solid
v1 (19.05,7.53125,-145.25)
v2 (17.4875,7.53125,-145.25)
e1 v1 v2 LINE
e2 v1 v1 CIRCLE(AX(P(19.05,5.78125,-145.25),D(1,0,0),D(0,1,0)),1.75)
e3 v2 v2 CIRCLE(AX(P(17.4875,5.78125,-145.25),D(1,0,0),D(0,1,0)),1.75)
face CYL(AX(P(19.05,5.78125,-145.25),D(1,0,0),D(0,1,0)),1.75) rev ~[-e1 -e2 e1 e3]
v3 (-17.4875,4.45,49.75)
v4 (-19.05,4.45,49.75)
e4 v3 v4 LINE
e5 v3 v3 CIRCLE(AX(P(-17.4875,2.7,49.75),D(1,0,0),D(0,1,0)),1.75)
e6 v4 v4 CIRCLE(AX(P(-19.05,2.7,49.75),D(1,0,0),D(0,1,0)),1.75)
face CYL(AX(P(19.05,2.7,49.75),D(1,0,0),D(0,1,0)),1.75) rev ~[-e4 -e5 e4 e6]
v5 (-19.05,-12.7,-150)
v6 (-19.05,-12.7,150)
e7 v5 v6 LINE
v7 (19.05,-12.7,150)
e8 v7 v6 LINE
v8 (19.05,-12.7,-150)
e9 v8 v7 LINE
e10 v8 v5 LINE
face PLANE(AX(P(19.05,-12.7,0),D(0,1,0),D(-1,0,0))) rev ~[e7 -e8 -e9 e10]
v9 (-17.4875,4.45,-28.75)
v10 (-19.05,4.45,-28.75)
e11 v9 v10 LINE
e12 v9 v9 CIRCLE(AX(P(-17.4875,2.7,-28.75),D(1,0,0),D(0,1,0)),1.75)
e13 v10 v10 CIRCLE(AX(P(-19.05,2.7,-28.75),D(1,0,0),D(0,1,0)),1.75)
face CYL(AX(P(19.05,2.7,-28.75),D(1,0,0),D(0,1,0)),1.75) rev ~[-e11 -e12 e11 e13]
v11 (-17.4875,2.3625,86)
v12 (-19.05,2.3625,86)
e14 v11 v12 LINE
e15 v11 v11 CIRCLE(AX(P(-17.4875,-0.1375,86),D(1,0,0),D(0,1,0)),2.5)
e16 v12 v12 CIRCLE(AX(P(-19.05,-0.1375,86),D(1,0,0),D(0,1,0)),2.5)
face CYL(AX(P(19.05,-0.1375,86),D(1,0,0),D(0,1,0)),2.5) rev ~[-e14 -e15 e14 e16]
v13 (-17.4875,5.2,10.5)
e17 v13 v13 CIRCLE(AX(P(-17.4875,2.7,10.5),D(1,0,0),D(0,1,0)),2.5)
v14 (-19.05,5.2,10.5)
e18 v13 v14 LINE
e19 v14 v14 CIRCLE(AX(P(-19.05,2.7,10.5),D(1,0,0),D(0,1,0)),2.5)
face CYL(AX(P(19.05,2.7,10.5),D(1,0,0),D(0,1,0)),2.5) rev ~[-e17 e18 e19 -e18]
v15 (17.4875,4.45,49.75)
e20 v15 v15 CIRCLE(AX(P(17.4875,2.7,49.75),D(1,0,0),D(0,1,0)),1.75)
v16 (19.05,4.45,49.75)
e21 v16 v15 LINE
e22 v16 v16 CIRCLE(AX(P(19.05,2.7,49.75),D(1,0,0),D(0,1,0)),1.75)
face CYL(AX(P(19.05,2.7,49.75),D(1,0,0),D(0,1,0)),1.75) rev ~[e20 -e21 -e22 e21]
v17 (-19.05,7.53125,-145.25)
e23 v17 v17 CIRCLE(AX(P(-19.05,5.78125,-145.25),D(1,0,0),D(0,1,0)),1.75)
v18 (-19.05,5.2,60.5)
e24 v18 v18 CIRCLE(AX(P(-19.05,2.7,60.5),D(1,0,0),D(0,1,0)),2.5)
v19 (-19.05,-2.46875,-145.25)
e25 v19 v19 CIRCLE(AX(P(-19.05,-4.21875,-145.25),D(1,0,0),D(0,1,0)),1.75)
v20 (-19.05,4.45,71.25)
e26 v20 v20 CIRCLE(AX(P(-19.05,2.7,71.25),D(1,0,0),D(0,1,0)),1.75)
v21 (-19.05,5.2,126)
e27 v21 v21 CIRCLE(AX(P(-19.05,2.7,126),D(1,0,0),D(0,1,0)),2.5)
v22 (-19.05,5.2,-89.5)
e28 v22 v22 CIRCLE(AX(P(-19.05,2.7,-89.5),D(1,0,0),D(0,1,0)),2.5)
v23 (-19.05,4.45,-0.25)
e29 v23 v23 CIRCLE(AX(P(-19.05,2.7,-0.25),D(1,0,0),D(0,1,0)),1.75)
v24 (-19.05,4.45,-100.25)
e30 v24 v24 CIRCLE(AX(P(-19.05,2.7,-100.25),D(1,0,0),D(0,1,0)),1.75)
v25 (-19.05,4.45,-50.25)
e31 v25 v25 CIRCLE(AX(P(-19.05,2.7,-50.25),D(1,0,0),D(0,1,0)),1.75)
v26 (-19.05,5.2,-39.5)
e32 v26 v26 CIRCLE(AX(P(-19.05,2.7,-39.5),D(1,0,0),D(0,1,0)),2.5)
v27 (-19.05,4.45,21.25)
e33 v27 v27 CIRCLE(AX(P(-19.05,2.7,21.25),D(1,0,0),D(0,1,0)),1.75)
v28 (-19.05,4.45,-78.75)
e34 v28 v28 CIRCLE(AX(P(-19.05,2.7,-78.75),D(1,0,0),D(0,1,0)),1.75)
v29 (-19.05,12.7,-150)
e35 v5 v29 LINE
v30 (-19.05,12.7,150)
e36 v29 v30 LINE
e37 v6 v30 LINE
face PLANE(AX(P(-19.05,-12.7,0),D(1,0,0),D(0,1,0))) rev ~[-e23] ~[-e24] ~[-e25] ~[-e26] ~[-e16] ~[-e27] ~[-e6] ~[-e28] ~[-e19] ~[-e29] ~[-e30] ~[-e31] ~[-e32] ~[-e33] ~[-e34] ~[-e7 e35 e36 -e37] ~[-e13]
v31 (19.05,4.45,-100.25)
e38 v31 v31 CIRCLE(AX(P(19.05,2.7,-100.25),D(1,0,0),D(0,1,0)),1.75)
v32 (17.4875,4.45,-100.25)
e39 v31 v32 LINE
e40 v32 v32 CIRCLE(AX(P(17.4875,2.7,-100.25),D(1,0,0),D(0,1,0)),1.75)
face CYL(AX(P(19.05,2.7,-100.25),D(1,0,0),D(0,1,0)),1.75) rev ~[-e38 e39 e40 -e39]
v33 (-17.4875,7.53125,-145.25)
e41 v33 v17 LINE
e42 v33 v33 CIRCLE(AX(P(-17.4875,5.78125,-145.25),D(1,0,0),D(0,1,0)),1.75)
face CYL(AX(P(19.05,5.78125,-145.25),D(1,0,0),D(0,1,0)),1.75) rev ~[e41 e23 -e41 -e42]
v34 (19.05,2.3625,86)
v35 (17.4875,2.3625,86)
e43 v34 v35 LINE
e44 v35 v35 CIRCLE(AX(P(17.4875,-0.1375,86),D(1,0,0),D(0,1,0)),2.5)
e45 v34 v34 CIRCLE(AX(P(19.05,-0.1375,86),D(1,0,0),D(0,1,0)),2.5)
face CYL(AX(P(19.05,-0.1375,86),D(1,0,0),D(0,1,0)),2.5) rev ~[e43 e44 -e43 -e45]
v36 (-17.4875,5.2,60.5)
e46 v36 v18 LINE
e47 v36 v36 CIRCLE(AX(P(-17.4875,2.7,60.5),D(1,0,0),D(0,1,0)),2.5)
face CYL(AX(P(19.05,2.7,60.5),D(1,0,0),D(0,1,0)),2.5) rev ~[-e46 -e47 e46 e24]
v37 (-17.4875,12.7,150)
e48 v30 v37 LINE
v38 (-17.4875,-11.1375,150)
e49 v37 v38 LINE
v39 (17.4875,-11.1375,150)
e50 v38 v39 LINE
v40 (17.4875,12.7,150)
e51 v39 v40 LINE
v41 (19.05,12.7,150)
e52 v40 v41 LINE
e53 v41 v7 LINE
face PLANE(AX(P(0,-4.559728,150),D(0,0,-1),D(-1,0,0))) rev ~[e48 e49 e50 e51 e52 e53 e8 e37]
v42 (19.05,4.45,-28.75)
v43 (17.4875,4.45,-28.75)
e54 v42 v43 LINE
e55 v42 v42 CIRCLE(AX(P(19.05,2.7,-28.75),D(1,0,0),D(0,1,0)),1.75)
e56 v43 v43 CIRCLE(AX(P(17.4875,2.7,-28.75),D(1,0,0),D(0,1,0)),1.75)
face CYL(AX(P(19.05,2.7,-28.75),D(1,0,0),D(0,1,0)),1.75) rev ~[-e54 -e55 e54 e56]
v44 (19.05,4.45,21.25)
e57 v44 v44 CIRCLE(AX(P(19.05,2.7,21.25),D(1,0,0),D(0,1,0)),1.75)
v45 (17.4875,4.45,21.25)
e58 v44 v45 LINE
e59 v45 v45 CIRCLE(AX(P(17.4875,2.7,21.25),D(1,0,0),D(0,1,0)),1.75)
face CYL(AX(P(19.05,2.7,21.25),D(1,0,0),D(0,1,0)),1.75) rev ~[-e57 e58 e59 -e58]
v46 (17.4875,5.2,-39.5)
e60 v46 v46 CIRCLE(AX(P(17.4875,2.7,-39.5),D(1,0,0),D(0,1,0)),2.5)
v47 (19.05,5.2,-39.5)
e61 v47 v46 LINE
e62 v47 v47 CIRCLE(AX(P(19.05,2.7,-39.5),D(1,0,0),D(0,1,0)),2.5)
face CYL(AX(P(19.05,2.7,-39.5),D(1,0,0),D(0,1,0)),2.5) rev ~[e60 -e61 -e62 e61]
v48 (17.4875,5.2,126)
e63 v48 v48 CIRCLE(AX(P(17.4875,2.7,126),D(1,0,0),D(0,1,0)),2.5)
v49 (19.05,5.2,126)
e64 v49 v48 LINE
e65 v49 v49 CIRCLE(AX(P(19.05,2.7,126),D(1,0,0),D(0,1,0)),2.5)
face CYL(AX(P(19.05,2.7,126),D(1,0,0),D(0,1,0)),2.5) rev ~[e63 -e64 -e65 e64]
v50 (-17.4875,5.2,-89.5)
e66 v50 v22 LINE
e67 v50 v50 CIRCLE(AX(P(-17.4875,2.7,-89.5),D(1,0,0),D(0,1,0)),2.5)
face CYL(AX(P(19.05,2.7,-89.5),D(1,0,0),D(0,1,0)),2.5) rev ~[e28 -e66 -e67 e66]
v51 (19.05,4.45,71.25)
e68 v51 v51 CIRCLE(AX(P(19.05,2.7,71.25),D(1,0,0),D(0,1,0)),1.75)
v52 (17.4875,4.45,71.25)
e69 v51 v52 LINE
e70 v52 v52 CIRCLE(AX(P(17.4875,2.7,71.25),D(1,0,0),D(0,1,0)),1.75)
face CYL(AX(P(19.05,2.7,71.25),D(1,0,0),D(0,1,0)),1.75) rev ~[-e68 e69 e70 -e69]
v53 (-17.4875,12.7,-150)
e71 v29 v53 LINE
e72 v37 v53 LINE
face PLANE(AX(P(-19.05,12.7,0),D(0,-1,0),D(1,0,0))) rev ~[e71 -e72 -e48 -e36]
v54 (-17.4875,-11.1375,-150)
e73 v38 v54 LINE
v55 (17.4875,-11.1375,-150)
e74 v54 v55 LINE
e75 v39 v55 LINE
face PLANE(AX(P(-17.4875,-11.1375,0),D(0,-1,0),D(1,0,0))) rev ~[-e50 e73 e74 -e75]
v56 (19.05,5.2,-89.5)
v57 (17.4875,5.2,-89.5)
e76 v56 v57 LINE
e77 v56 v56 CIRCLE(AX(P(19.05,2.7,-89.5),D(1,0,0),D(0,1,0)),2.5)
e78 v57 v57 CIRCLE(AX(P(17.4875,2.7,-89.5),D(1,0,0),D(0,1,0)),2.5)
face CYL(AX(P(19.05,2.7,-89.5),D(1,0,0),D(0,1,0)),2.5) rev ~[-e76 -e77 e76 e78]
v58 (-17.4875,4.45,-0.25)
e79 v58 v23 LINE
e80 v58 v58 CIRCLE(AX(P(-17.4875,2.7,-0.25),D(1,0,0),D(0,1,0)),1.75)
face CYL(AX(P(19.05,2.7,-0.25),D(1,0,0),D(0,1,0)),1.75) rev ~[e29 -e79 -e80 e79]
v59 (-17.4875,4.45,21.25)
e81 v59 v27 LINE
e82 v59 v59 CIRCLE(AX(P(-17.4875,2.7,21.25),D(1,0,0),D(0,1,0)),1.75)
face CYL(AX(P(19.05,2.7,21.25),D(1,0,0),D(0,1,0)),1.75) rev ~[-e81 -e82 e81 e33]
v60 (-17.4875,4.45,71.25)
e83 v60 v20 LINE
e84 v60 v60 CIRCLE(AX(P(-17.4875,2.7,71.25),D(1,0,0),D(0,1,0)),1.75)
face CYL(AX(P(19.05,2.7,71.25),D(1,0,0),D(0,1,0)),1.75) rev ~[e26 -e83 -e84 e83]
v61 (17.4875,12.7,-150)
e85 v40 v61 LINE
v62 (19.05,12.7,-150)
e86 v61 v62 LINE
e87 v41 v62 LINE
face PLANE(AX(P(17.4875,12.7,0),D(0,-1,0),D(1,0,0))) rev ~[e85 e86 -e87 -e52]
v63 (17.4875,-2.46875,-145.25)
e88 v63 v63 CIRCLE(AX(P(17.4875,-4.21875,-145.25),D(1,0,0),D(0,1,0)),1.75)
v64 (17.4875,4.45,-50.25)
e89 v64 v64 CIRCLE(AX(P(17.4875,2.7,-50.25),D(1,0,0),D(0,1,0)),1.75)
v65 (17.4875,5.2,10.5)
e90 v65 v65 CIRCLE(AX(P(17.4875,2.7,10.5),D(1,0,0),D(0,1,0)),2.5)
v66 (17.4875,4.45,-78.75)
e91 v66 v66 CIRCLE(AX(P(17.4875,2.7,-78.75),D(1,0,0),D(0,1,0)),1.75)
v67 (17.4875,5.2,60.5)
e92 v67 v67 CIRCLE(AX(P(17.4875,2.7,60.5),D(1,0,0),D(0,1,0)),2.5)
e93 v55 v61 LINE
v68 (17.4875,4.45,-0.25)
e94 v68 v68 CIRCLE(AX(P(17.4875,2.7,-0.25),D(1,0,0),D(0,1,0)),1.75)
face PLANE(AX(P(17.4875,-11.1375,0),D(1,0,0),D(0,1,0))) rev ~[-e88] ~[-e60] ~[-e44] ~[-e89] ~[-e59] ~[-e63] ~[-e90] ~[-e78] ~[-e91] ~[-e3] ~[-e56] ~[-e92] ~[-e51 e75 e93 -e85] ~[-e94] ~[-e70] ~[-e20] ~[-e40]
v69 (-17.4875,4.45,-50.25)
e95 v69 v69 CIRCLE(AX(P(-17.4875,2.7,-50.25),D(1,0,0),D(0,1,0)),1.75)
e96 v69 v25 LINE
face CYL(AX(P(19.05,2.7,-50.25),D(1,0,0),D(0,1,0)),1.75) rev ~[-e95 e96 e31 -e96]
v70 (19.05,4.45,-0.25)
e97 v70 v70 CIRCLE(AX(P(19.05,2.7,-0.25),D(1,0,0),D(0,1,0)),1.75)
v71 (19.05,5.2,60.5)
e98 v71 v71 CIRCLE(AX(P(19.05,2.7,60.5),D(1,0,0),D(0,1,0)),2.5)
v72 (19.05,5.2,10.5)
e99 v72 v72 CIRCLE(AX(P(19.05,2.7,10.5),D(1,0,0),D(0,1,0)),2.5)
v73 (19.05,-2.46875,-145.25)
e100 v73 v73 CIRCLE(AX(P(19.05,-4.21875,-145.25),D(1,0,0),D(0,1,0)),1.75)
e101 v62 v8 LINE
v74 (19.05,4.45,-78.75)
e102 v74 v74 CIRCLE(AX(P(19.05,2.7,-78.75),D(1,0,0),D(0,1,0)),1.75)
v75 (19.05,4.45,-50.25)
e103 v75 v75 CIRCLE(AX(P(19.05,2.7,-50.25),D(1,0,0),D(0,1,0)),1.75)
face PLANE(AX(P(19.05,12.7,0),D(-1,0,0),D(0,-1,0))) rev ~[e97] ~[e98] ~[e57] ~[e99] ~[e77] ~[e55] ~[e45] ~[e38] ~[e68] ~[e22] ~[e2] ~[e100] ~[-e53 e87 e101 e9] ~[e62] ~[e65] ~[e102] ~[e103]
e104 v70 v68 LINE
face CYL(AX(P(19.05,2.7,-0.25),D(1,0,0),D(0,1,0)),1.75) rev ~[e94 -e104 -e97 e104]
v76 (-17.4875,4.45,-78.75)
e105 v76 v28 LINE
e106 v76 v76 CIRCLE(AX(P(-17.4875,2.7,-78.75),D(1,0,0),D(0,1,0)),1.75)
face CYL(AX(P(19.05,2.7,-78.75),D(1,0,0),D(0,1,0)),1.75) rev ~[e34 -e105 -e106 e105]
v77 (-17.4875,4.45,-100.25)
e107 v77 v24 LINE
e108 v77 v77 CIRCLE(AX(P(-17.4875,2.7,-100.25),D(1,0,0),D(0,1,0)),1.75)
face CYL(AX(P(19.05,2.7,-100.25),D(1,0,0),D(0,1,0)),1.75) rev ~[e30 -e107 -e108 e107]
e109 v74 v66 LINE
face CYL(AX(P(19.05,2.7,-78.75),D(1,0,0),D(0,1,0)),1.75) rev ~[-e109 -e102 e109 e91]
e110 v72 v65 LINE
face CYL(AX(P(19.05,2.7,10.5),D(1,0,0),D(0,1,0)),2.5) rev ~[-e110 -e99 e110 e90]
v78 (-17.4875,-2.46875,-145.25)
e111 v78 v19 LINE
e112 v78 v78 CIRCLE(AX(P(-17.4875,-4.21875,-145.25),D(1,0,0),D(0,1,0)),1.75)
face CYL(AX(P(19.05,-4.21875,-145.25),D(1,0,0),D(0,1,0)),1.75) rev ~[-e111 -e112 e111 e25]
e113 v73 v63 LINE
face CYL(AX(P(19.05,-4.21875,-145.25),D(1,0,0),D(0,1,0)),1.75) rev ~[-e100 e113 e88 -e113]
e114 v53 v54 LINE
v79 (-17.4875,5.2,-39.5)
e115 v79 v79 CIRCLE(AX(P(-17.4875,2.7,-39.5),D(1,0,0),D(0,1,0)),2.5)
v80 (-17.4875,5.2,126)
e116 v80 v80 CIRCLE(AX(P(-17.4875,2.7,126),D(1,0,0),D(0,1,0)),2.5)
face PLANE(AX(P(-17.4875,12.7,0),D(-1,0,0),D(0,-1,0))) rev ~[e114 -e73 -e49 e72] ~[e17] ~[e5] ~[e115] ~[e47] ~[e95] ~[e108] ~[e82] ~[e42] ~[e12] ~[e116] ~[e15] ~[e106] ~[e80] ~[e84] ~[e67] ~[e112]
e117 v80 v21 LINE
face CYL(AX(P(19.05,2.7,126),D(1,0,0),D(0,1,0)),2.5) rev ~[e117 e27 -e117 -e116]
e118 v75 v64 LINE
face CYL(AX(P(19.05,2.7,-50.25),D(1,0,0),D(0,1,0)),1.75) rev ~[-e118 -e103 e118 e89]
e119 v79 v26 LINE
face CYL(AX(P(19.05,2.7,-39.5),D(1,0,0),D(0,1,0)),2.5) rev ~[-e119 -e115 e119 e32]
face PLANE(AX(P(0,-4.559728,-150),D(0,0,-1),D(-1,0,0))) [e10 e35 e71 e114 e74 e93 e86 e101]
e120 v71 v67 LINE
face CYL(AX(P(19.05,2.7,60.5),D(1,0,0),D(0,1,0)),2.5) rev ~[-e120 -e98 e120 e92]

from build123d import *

# Parameters (mm, degrees)
BOSS_EXTRUDE1_DEPTH = 150
SKETCH2_R           = 1.75
SKETCH2_R_2         = 2.5
CUT_EXTRUDE1_DEPTH  = 156.283289507


with BuildPart() as part:
    # Sketch1 → Boss-Extrude1 (new, symmetric)
    with BuildSketch(Plane.XY):
        Polygon((-19.05, 12.7), (-17.4875, 12.7), (-17.4875, -11.1375), (17.4875, -11.1375), (17.4875, 12.7), (19.05, 12.7), (19.05, -12.7), (-19.05, -12.7), align=None)
    extrude(amount=BOSS_EXTRUDE1_DEPTH, both=True)

    # Sketch2 → Cut-Extrude1 (cut, through all)
    with BuildSketch(Plane(origin=(19.05, 0, 0), x_dir=(0, 0, -1), z_dir=(1, 0, 0))):
        with Locations(Location((145.25, 5.78125, 0), (0, 0, 90))):
            Circle(SKETCH2_R)
        with Locations(Location((145.25, -4.21875, 0), (0, 0, 90))):
            Circle(SKETCH2_R)
        with Locations(Location((-86, -0.1375, 0), (0, 0, 90))):
            Circle(SKETCH2_R_2)
        with Locations(Location((-126, 2.7, 0), (0, 0, 90))):
            Circle(SKETCH2_R_2)
        with Locations(Location((-60.5, 2.7, 0), (0, 0, 90))):
            Circle(SKETCH2_R_2)
        with Locations(Location((-71.25, 2.7, 0), (0, 0, 90))):
            Circle(SKETCH2_R)
        with Locations(Location((-49.75, 2.7, 0), (0, 0, 90))):
            Circle(SKETCH2_R)
        with Locations(Location((-21.25, 2.7, 0), (0, 0, 90))):
            Circle(SKETCH2_R)
        with Locations(Location((-10.5, 2.7, 0), (0, 0, 90))):
            Circle(SKETCH2_R_2)
        with Locations(Location((0.25, 2.7, 0), (0, 0, 90))):
            Circle(SKETCH2_R)
        with Locations(Location((28.75, 2.7, 0), (0, 0, 90))):
            Circle(SKETCH2_R)
        with Locations(Location((39.5, 2.7, 0), (0, 0, 90))):
            Circle(SKETCH2_R_2)
        with Locations(Location((50.25, 2.7, 0), (0, 0, 90))):
            Circle(SKETCH2_R)
        with Locations(Location((78.75, 2.7, 0), (0, 0, 90))):
            Circle(SKETCH2_R)
        with Locations(Location((89.5, 2.7, 0), (0, 0, 90))):
            Circle(SKETCH2_R_2)
        with Locations(Location((100.25, 2.7, 0), (0, 0, 90))):
            Circle(SKETCH2_R)
    extrude(amount=-CUT_EXTRUDE1_DEPTH, mode=Mode.SUBTRACT)


solid = part.part
